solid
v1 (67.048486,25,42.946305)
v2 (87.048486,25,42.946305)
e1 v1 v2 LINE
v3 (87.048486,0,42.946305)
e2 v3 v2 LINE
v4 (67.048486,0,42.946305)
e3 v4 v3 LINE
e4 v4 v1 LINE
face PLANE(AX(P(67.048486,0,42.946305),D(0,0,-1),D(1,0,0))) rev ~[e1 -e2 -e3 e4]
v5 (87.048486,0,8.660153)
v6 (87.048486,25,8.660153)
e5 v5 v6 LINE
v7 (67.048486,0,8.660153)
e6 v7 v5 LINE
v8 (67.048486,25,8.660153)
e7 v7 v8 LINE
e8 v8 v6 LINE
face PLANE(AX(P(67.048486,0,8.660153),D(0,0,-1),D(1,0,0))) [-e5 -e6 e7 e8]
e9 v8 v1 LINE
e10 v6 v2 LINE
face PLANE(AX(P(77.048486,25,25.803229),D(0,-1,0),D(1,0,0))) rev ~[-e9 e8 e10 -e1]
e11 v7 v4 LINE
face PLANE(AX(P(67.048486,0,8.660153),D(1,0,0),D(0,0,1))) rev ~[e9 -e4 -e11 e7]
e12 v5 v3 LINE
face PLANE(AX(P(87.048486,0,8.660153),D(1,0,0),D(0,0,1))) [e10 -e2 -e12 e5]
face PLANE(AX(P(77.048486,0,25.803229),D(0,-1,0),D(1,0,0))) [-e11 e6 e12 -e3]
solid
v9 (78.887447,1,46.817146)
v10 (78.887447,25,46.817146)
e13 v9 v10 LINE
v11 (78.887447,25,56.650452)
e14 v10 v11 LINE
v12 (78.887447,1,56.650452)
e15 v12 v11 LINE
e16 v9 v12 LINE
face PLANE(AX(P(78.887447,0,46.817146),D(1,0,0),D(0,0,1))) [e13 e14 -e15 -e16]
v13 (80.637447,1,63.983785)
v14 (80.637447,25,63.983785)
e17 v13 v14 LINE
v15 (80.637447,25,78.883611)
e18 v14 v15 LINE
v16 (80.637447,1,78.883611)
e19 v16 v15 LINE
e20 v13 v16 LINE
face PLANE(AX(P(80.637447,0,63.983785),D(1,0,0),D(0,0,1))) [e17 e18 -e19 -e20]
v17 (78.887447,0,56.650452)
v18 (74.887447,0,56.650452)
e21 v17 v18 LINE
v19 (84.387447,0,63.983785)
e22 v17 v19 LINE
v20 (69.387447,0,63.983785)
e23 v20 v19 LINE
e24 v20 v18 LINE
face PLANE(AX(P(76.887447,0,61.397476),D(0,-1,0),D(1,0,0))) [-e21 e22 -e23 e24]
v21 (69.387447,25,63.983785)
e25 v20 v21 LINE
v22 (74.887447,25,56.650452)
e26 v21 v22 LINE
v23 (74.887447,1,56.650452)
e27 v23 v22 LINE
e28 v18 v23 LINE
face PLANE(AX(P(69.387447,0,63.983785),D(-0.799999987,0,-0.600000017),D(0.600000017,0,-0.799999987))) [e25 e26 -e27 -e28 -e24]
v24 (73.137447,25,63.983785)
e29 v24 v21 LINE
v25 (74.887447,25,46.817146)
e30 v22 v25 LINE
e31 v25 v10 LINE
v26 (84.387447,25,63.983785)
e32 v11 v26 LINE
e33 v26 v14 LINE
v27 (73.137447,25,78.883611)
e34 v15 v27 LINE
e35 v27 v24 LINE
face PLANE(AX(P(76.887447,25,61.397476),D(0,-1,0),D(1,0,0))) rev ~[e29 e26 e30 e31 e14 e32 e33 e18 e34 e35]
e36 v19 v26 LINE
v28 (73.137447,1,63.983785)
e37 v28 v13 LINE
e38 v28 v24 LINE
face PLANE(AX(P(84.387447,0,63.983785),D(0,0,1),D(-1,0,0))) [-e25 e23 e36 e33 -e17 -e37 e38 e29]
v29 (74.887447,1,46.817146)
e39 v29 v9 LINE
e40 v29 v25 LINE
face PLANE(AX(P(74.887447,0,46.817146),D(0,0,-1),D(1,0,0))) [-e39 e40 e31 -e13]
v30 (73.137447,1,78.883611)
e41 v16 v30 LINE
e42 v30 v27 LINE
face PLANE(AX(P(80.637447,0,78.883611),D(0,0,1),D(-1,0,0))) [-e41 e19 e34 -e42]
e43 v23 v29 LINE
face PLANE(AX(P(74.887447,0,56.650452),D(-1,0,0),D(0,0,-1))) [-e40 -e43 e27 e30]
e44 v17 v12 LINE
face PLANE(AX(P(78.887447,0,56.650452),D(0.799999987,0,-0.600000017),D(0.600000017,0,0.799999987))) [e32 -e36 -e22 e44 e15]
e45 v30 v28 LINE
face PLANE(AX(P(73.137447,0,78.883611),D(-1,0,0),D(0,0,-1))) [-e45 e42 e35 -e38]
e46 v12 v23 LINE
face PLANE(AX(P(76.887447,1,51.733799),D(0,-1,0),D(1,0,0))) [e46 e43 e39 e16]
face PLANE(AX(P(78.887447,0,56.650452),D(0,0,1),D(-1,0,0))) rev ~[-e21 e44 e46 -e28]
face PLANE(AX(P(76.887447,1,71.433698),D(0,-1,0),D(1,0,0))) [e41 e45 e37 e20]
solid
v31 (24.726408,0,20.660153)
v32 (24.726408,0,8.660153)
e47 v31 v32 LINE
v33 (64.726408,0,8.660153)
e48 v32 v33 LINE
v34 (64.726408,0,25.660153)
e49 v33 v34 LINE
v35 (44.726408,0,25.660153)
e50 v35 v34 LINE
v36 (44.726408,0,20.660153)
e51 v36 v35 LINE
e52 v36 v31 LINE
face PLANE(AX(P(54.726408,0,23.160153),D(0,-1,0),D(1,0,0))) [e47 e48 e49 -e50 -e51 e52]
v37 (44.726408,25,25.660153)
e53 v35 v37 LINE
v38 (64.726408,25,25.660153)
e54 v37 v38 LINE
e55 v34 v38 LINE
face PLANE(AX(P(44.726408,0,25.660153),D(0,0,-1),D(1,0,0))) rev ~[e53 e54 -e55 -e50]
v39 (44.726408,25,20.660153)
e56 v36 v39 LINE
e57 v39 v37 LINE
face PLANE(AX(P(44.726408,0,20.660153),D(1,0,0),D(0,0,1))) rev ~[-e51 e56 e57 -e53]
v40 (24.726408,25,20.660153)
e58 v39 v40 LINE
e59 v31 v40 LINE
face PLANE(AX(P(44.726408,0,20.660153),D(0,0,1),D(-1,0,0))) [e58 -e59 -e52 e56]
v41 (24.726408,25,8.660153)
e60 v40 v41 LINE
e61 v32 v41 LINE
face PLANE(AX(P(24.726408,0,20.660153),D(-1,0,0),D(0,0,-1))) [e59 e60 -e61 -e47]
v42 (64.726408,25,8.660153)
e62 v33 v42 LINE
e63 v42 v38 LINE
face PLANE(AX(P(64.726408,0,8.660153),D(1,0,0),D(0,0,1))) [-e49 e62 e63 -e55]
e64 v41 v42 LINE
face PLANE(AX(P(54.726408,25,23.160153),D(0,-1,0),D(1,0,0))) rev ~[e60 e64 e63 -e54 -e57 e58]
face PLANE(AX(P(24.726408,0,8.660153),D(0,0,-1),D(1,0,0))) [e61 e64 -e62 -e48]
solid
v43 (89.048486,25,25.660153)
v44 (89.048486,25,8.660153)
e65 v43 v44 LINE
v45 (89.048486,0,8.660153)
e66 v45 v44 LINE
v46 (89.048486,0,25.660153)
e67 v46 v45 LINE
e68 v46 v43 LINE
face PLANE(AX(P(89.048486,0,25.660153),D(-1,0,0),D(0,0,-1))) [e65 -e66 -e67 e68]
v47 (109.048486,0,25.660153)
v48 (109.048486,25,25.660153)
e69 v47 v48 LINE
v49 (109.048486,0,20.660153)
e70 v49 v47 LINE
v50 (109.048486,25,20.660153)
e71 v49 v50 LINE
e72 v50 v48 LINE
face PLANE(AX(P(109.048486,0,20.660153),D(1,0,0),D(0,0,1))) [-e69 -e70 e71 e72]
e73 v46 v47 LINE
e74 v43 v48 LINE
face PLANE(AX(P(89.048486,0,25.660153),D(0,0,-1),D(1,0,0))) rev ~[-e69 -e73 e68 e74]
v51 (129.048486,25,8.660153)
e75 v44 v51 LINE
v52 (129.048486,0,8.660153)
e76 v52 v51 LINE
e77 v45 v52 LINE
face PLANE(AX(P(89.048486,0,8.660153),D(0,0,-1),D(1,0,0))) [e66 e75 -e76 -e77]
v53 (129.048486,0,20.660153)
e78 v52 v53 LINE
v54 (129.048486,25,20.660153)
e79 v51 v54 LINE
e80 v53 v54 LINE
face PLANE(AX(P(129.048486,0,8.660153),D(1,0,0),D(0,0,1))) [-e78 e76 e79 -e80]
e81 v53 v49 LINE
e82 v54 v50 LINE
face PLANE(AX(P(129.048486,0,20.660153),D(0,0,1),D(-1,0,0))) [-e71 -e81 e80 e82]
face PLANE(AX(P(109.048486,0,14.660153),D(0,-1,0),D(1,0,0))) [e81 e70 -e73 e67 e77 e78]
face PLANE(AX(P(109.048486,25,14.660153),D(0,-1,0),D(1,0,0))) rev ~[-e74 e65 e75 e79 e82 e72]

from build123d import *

# Parameters (mm, degrees)
F0_W     = 20
F0_H     = 34.286152
F0_H_2   = 5
F1_DEPTH = 25
F2_DEPTH = 1


with BuildPart() as f1:
    # F0 (on Front) → F1 (new body)
    with BuildSketch(Plane.XZ):
        with Locations((77.048486, 25.803229)):
            Rectangle(F0_W, F0_H)
        Polygon((89.048486, 20.660153), (89.048486, 8.660153), (129.048486, 8.660153), (129.048486, 20.660153), (109.048486, 20.660153), align=None)
        with Locations((99.048486, 23.160153)):
            Rectangle(F0_W, F0_H_2)
        Polygon((78.887447, 56.650452), (84.387447, 63.983785), (80.637447, 63.983785), (76.887447, 63.983785), (73.137447, 63.983785), (69.387447, 63.983785), (74.887447, 56.650452), align=None)
        Polygon((78.887447, 51.150424), (78.887447, 56.650452), (74.887447, 56.650452), (74.887447, 51.150424), (74.887447, 46.817146), (78.887447, 46.817146), align=None)
        Polygon((76.887447, 63.983785), (80.637447, 63.983785), (80.637447, 78.883611), (73.137447, 78.883611), (73.137447, 63.983785), align=None)
        with Locations((54.726408, 23.160153)):
            Rectangle(F0_W, F0_H_2)
        Polygon((64.726408, 20.660153), (44.726408, 20.660153), (24.726408, 20.660153), (24.726408, 8.660153), (64.726408, 8.660153), align=None)
    extrude(amount=-F1_DEPTH)

    # F0 (on Front) → F2 (cut)
    with BuildSketch(Plane.XZ):
        Polygon((78.887447, 51.150424), (78.887447, 56.650452), (74.887447, 56.650452), (74.887447, 51.150424), (74.887447, 46.817146), (78.887447, 46.817146), align=None)
        Polygon((76.887447, 63.983785), (80.637447, 63.983785), (80.637447, 78.883611), (73.137447, 78.883611), (73.137447, 63.983785), align=None)
    extrude(amount=-F2_DEPTH, mode=Mode.SUBTRACT)


solid = f1.part
